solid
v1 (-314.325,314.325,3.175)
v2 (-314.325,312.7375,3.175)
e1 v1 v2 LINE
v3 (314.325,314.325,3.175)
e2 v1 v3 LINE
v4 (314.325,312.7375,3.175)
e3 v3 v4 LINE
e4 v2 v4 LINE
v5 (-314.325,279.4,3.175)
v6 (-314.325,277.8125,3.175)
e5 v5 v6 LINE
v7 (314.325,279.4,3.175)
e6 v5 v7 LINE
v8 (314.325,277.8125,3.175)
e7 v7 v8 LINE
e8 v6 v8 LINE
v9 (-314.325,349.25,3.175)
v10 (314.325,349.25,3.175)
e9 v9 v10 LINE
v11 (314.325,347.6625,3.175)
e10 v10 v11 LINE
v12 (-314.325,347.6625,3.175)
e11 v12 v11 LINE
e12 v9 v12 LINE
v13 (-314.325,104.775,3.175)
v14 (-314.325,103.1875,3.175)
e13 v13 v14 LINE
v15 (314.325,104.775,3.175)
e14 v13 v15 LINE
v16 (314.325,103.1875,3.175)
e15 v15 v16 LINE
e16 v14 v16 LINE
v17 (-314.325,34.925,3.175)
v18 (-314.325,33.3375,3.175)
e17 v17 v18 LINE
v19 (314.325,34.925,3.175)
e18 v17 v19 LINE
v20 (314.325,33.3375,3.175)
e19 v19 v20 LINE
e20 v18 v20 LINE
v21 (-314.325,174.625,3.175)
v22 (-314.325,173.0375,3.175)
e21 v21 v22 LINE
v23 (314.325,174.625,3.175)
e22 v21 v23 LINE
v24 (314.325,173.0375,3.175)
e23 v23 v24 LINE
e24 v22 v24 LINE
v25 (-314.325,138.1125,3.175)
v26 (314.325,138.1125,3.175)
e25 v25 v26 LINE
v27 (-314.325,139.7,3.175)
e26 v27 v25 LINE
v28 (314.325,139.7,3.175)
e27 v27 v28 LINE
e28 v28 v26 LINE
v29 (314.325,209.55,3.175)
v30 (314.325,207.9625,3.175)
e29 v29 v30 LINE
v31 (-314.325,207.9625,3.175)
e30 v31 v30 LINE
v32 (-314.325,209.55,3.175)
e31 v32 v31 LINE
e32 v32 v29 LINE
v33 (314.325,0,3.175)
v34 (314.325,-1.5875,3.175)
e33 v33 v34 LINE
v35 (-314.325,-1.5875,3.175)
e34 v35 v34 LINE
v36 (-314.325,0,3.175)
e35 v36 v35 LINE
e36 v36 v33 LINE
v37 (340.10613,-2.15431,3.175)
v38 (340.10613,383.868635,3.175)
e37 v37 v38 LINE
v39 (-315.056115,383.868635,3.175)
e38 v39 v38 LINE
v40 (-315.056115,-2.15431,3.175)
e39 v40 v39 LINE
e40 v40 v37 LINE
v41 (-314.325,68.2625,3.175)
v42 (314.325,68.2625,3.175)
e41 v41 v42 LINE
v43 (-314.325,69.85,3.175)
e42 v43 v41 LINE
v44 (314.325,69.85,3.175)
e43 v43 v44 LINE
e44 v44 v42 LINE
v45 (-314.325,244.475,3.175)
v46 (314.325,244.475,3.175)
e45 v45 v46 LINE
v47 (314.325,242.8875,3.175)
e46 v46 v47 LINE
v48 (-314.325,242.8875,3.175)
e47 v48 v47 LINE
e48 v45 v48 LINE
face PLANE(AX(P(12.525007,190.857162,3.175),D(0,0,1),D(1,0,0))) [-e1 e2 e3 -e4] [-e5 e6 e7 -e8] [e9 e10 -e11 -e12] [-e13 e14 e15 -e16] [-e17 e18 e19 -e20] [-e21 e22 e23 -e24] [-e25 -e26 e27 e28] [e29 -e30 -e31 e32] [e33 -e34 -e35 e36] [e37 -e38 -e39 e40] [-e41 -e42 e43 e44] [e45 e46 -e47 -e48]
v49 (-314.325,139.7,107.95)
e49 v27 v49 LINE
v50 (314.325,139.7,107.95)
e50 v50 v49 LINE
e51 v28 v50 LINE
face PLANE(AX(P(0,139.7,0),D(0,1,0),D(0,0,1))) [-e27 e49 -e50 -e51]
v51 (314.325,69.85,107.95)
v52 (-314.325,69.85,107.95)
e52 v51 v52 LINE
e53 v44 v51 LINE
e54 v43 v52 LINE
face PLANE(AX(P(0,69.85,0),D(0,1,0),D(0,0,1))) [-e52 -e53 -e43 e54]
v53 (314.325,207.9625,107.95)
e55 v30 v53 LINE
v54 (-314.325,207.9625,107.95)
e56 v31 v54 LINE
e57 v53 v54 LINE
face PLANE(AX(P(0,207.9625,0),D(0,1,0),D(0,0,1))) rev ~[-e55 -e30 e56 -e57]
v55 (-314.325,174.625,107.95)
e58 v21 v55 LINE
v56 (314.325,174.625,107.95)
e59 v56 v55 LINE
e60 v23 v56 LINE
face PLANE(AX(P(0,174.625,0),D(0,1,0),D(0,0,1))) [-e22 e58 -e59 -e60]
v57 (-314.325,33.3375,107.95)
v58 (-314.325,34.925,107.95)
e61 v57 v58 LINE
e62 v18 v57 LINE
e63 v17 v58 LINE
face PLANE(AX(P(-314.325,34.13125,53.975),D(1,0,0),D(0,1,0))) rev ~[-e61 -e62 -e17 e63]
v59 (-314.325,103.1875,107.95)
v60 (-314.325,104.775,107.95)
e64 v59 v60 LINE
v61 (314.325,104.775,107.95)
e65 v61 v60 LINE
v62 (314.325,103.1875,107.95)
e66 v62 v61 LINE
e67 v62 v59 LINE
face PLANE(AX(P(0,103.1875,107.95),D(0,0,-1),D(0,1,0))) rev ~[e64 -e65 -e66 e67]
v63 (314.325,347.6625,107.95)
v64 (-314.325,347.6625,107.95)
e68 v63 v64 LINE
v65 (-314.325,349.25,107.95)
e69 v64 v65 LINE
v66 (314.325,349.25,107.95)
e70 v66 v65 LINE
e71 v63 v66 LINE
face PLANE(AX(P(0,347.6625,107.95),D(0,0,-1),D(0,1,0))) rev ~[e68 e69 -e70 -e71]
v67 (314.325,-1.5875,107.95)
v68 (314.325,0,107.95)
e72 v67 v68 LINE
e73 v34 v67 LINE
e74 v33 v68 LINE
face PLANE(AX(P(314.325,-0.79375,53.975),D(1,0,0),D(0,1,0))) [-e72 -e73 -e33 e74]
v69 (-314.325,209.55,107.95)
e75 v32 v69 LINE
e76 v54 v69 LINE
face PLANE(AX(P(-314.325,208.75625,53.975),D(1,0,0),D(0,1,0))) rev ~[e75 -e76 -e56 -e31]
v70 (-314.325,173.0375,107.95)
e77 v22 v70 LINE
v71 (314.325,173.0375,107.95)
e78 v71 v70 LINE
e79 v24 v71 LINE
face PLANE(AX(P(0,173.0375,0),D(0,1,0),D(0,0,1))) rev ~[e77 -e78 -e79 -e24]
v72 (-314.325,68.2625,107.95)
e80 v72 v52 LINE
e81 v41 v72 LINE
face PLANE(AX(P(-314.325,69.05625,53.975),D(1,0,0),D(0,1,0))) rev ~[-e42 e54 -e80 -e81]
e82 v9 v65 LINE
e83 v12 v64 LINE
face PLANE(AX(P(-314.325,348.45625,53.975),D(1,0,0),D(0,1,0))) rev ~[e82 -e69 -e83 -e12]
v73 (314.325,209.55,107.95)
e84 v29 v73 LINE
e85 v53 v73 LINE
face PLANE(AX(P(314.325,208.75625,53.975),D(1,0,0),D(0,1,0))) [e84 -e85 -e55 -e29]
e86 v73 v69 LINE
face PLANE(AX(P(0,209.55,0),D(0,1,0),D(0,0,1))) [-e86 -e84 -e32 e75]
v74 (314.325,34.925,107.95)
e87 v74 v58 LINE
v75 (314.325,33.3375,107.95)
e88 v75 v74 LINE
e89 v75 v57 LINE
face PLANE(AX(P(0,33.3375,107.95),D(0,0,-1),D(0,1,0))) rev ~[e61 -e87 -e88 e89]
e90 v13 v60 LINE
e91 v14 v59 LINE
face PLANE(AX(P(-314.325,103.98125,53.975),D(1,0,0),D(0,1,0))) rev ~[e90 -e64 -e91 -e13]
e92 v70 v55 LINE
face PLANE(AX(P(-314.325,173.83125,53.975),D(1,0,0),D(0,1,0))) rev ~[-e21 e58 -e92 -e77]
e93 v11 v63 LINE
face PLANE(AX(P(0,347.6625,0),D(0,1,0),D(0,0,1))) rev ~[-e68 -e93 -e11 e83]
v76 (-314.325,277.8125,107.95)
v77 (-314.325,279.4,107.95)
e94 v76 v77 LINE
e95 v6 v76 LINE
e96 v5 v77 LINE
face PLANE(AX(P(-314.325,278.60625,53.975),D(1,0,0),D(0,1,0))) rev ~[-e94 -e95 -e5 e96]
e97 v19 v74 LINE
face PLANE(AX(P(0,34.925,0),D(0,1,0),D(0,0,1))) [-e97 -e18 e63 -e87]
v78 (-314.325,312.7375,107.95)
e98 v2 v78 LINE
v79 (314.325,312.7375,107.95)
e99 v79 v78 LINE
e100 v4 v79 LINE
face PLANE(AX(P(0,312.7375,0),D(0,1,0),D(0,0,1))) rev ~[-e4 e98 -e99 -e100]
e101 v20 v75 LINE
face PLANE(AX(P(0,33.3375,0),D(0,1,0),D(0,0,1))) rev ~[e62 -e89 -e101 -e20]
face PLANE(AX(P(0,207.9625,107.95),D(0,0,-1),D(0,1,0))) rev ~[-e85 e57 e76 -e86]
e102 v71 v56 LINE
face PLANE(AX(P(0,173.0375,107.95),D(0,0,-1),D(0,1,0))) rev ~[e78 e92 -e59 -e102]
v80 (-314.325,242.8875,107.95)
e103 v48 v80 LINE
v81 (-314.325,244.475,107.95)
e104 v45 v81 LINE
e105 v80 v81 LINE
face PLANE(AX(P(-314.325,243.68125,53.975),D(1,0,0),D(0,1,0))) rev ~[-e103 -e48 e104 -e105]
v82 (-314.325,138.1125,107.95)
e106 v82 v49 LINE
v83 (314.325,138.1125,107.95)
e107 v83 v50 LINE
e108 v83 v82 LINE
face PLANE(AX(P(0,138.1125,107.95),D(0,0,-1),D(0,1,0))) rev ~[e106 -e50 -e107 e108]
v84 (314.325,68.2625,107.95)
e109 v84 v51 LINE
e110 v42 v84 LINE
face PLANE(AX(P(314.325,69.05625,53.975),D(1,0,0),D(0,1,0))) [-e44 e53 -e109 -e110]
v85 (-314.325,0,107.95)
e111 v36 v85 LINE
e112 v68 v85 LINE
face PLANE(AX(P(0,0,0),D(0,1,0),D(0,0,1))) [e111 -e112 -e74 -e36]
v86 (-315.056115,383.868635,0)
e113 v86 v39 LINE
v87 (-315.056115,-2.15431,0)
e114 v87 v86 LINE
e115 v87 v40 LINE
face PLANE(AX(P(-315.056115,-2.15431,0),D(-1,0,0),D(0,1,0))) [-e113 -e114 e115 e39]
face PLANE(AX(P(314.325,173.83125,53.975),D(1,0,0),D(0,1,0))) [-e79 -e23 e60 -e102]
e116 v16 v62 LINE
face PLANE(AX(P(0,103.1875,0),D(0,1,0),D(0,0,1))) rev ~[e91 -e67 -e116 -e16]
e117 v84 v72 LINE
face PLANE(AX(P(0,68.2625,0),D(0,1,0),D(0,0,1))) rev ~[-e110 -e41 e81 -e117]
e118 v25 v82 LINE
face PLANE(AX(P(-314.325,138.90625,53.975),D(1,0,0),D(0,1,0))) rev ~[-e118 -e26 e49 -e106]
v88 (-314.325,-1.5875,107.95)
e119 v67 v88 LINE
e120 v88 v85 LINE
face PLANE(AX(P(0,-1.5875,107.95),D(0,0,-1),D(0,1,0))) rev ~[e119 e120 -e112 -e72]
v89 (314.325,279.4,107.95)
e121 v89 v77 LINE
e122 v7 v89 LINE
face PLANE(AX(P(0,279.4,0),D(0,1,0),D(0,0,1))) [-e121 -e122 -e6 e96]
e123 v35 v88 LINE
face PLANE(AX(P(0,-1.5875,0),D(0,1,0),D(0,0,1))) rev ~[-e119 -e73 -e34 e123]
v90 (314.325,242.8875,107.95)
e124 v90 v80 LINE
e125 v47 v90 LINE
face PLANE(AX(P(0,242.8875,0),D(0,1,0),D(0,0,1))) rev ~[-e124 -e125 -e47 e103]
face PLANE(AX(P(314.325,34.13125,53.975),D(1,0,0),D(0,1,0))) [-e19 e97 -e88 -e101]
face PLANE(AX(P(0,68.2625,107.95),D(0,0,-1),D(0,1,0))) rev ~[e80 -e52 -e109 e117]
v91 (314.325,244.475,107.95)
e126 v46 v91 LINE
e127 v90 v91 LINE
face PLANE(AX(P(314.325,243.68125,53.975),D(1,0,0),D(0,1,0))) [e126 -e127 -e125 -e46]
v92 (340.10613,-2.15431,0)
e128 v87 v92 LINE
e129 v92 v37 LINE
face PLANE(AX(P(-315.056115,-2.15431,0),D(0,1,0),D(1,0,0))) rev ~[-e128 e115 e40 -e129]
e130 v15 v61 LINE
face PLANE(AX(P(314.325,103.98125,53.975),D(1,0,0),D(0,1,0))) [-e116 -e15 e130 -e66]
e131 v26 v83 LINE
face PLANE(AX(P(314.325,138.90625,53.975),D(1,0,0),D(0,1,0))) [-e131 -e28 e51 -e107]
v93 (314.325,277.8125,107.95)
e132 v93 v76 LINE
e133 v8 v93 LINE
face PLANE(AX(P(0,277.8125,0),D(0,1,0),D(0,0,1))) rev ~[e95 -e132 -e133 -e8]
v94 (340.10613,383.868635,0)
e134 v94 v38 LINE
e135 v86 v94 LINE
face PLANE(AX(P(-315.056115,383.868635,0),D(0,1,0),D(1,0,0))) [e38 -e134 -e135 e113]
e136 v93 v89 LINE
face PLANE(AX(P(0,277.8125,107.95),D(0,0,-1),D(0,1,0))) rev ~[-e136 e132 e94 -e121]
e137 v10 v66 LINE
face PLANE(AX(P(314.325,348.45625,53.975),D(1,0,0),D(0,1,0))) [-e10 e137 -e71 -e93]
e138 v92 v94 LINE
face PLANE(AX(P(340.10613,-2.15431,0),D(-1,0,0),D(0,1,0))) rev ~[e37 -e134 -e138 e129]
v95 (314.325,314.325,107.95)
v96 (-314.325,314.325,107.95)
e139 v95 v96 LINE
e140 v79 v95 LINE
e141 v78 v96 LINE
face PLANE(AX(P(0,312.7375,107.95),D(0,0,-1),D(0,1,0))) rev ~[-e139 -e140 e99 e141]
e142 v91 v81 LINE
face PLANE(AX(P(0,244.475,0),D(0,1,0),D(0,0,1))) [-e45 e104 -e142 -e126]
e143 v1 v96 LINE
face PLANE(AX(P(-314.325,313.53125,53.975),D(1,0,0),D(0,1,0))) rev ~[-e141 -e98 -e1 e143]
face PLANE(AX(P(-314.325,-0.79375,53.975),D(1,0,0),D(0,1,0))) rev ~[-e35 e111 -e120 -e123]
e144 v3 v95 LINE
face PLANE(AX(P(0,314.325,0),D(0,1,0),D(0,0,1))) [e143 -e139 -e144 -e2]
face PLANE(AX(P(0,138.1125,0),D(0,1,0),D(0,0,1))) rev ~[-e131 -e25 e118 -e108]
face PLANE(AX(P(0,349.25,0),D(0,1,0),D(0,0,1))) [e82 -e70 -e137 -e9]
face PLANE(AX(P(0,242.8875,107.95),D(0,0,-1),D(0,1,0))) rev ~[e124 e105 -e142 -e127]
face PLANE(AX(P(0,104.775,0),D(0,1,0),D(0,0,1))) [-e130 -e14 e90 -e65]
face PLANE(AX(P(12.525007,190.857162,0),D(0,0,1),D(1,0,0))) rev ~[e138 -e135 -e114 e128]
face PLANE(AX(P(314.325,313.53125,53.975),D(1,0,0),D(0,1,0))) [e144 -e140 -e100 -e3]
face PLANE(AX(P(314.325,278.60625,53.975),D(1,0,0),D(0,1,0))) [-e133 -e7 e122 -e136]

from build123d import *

# Parameters (mm, degrees)
F0_W     = 1.5875
F0_H     = 107.95
F1_DEPTH = 314.325
F2_W     = 655.1622450352
F2_H     = 386.0229451675
F3_DEPTH = 3.175


with BuildPart() as f1:
    # F0 (on Right) → F1 (new body, symmetric)
    with BuildSketch(Plane.YZ):
        with Locations((348.45625, 53.975)):
            Rectangle(F0_W, F0_H)
    extrude(amount=F1_DEPTH, both=True)



with BuildPart() as f1b:
    # F0 (on Right) → F1, piece 2 (new body, symmetric)
    with BuildSketch(Plane.YZ):
        with Locations((313.53125, 53.975)):
            Rectangle(F0_W, F0_H)
    extrude(amount=F1_DEPTH, both=True)


with BuildPart() as f1c:
    # F0 (on Right) → F1, piece 3 (new body, symmetric)
    with BuildSketch(Plane.YZ):
        with Locations((278.60625, 53.975)):
            Rectangle(F0_W, F0_H)
    extrude(amount=F1_DEPTH, both=True)


with BuildPart() as f1d:
    # F0 (on Right) → F1, piece 4 (new body, symmetric)
    with BuildSketch(Plane.YZ):
        with Locations((243.68125, 53.975)):
            Rectangle(F0_W, F0_H)
    extrude(amount=F1_DEPTH, both=True)


with BuildPart() as f1e:
    # F0 (on Right) → F1, piece 5 (new body, symmetric)
    with BuildSketch(Plane.YZ):
        with Locations((208.75625, 53.975)):
            Rectangle(F0_W, F0_H)
    extrude(amount=F1_DEPTH, both=True)


with BuildPart() as f1f:
    # F0 (on Right) → F1, piece 6 (new body, symmetric)
    with BuildSketch(Plane.YZ):
        with Locations((173.83125, 53.975)):
            Rectangle(F0_W, F0_H)
    extrude(amount=F1_DEPTH, both=True)


with BuildPart() as f1g:
    # F0 (on Right) → F1, piece 7 (new body, symmetric)
    with BuildSketch(Plane.YZ):
        with Locations((138.90625, 53.975)):
            Rectangle(F0_W, F0_H)
    extrude(amount=F1_DEPTH, both=True)


with BuildPart() as f1h:
    # F0 (on Right) → F1, piece 8 (new body, symmetric)
    with BuildSketch(Plane.YZ):
        with Locations((103.98125, 53.975)):
            Rectangle(F0_W, F0_H)
    extrude(amount=F1_DEPTH, both=True)


with BuildPart() as f1i:
    # F0 (on Right) → F1, piece 9 (new body, symmetric)
    with BuildSketch(Plane.YZ):
        with Locations((69.05625, 53.975)):
            Rectangle(F0_W, F0_H)
    extrude(amount=F1_DEPTH, both=True)


with BuildPart() as f1j:
    # F0 (on Right) → F1, piece 10 (new body, symmetric)
    with BuildSketch(Plane.YZ):
        with Locations((34.13125, 53.975)):
            Rectangle(F0_W, F0_H)
    extrude(amount=F1_DEPTH, both=True)


with BuildPart() as f1k:
    # F0 (on Right) → F1, piece 11 (new body, symmetric)
    with BuildSketch(Plane.YZ):
        with Locations((-0.79375, 53.975)):
            Rectangle(F0_W, F0_H)
    extrude(amount=F1_DEPTH, both=True)


with BuildPart() as f1_1:
    add(f1.part)

    add(f1b.part)  # F3 merges F1b

    add(f1c.part)  # F3 merges F1c

    add(f1d.part)  # F3 merges F1d

    add(f1e.part)  # F3 merges F1e

    add(f1f.part)  # F3 merges F1f

    add(f1g.part)  # F3 merges F1g

    add(f1h.part)  # F3 merges F1h

    add(f1i.part)  # F3 merges F1i

    add(f1j.part)  # F3 merges F1j

    add(f1k.part)  # F3 merges F1k
    # F2 (on Top) → F3 (join)
    with BuildSketch(Plane.XY):
        with Locations((12.5250071287, 190.857162117)):
            Rectangle(F2_W, F2_H)
    extrude(amount=F3_DEPTH)


solid = f1_1.part
